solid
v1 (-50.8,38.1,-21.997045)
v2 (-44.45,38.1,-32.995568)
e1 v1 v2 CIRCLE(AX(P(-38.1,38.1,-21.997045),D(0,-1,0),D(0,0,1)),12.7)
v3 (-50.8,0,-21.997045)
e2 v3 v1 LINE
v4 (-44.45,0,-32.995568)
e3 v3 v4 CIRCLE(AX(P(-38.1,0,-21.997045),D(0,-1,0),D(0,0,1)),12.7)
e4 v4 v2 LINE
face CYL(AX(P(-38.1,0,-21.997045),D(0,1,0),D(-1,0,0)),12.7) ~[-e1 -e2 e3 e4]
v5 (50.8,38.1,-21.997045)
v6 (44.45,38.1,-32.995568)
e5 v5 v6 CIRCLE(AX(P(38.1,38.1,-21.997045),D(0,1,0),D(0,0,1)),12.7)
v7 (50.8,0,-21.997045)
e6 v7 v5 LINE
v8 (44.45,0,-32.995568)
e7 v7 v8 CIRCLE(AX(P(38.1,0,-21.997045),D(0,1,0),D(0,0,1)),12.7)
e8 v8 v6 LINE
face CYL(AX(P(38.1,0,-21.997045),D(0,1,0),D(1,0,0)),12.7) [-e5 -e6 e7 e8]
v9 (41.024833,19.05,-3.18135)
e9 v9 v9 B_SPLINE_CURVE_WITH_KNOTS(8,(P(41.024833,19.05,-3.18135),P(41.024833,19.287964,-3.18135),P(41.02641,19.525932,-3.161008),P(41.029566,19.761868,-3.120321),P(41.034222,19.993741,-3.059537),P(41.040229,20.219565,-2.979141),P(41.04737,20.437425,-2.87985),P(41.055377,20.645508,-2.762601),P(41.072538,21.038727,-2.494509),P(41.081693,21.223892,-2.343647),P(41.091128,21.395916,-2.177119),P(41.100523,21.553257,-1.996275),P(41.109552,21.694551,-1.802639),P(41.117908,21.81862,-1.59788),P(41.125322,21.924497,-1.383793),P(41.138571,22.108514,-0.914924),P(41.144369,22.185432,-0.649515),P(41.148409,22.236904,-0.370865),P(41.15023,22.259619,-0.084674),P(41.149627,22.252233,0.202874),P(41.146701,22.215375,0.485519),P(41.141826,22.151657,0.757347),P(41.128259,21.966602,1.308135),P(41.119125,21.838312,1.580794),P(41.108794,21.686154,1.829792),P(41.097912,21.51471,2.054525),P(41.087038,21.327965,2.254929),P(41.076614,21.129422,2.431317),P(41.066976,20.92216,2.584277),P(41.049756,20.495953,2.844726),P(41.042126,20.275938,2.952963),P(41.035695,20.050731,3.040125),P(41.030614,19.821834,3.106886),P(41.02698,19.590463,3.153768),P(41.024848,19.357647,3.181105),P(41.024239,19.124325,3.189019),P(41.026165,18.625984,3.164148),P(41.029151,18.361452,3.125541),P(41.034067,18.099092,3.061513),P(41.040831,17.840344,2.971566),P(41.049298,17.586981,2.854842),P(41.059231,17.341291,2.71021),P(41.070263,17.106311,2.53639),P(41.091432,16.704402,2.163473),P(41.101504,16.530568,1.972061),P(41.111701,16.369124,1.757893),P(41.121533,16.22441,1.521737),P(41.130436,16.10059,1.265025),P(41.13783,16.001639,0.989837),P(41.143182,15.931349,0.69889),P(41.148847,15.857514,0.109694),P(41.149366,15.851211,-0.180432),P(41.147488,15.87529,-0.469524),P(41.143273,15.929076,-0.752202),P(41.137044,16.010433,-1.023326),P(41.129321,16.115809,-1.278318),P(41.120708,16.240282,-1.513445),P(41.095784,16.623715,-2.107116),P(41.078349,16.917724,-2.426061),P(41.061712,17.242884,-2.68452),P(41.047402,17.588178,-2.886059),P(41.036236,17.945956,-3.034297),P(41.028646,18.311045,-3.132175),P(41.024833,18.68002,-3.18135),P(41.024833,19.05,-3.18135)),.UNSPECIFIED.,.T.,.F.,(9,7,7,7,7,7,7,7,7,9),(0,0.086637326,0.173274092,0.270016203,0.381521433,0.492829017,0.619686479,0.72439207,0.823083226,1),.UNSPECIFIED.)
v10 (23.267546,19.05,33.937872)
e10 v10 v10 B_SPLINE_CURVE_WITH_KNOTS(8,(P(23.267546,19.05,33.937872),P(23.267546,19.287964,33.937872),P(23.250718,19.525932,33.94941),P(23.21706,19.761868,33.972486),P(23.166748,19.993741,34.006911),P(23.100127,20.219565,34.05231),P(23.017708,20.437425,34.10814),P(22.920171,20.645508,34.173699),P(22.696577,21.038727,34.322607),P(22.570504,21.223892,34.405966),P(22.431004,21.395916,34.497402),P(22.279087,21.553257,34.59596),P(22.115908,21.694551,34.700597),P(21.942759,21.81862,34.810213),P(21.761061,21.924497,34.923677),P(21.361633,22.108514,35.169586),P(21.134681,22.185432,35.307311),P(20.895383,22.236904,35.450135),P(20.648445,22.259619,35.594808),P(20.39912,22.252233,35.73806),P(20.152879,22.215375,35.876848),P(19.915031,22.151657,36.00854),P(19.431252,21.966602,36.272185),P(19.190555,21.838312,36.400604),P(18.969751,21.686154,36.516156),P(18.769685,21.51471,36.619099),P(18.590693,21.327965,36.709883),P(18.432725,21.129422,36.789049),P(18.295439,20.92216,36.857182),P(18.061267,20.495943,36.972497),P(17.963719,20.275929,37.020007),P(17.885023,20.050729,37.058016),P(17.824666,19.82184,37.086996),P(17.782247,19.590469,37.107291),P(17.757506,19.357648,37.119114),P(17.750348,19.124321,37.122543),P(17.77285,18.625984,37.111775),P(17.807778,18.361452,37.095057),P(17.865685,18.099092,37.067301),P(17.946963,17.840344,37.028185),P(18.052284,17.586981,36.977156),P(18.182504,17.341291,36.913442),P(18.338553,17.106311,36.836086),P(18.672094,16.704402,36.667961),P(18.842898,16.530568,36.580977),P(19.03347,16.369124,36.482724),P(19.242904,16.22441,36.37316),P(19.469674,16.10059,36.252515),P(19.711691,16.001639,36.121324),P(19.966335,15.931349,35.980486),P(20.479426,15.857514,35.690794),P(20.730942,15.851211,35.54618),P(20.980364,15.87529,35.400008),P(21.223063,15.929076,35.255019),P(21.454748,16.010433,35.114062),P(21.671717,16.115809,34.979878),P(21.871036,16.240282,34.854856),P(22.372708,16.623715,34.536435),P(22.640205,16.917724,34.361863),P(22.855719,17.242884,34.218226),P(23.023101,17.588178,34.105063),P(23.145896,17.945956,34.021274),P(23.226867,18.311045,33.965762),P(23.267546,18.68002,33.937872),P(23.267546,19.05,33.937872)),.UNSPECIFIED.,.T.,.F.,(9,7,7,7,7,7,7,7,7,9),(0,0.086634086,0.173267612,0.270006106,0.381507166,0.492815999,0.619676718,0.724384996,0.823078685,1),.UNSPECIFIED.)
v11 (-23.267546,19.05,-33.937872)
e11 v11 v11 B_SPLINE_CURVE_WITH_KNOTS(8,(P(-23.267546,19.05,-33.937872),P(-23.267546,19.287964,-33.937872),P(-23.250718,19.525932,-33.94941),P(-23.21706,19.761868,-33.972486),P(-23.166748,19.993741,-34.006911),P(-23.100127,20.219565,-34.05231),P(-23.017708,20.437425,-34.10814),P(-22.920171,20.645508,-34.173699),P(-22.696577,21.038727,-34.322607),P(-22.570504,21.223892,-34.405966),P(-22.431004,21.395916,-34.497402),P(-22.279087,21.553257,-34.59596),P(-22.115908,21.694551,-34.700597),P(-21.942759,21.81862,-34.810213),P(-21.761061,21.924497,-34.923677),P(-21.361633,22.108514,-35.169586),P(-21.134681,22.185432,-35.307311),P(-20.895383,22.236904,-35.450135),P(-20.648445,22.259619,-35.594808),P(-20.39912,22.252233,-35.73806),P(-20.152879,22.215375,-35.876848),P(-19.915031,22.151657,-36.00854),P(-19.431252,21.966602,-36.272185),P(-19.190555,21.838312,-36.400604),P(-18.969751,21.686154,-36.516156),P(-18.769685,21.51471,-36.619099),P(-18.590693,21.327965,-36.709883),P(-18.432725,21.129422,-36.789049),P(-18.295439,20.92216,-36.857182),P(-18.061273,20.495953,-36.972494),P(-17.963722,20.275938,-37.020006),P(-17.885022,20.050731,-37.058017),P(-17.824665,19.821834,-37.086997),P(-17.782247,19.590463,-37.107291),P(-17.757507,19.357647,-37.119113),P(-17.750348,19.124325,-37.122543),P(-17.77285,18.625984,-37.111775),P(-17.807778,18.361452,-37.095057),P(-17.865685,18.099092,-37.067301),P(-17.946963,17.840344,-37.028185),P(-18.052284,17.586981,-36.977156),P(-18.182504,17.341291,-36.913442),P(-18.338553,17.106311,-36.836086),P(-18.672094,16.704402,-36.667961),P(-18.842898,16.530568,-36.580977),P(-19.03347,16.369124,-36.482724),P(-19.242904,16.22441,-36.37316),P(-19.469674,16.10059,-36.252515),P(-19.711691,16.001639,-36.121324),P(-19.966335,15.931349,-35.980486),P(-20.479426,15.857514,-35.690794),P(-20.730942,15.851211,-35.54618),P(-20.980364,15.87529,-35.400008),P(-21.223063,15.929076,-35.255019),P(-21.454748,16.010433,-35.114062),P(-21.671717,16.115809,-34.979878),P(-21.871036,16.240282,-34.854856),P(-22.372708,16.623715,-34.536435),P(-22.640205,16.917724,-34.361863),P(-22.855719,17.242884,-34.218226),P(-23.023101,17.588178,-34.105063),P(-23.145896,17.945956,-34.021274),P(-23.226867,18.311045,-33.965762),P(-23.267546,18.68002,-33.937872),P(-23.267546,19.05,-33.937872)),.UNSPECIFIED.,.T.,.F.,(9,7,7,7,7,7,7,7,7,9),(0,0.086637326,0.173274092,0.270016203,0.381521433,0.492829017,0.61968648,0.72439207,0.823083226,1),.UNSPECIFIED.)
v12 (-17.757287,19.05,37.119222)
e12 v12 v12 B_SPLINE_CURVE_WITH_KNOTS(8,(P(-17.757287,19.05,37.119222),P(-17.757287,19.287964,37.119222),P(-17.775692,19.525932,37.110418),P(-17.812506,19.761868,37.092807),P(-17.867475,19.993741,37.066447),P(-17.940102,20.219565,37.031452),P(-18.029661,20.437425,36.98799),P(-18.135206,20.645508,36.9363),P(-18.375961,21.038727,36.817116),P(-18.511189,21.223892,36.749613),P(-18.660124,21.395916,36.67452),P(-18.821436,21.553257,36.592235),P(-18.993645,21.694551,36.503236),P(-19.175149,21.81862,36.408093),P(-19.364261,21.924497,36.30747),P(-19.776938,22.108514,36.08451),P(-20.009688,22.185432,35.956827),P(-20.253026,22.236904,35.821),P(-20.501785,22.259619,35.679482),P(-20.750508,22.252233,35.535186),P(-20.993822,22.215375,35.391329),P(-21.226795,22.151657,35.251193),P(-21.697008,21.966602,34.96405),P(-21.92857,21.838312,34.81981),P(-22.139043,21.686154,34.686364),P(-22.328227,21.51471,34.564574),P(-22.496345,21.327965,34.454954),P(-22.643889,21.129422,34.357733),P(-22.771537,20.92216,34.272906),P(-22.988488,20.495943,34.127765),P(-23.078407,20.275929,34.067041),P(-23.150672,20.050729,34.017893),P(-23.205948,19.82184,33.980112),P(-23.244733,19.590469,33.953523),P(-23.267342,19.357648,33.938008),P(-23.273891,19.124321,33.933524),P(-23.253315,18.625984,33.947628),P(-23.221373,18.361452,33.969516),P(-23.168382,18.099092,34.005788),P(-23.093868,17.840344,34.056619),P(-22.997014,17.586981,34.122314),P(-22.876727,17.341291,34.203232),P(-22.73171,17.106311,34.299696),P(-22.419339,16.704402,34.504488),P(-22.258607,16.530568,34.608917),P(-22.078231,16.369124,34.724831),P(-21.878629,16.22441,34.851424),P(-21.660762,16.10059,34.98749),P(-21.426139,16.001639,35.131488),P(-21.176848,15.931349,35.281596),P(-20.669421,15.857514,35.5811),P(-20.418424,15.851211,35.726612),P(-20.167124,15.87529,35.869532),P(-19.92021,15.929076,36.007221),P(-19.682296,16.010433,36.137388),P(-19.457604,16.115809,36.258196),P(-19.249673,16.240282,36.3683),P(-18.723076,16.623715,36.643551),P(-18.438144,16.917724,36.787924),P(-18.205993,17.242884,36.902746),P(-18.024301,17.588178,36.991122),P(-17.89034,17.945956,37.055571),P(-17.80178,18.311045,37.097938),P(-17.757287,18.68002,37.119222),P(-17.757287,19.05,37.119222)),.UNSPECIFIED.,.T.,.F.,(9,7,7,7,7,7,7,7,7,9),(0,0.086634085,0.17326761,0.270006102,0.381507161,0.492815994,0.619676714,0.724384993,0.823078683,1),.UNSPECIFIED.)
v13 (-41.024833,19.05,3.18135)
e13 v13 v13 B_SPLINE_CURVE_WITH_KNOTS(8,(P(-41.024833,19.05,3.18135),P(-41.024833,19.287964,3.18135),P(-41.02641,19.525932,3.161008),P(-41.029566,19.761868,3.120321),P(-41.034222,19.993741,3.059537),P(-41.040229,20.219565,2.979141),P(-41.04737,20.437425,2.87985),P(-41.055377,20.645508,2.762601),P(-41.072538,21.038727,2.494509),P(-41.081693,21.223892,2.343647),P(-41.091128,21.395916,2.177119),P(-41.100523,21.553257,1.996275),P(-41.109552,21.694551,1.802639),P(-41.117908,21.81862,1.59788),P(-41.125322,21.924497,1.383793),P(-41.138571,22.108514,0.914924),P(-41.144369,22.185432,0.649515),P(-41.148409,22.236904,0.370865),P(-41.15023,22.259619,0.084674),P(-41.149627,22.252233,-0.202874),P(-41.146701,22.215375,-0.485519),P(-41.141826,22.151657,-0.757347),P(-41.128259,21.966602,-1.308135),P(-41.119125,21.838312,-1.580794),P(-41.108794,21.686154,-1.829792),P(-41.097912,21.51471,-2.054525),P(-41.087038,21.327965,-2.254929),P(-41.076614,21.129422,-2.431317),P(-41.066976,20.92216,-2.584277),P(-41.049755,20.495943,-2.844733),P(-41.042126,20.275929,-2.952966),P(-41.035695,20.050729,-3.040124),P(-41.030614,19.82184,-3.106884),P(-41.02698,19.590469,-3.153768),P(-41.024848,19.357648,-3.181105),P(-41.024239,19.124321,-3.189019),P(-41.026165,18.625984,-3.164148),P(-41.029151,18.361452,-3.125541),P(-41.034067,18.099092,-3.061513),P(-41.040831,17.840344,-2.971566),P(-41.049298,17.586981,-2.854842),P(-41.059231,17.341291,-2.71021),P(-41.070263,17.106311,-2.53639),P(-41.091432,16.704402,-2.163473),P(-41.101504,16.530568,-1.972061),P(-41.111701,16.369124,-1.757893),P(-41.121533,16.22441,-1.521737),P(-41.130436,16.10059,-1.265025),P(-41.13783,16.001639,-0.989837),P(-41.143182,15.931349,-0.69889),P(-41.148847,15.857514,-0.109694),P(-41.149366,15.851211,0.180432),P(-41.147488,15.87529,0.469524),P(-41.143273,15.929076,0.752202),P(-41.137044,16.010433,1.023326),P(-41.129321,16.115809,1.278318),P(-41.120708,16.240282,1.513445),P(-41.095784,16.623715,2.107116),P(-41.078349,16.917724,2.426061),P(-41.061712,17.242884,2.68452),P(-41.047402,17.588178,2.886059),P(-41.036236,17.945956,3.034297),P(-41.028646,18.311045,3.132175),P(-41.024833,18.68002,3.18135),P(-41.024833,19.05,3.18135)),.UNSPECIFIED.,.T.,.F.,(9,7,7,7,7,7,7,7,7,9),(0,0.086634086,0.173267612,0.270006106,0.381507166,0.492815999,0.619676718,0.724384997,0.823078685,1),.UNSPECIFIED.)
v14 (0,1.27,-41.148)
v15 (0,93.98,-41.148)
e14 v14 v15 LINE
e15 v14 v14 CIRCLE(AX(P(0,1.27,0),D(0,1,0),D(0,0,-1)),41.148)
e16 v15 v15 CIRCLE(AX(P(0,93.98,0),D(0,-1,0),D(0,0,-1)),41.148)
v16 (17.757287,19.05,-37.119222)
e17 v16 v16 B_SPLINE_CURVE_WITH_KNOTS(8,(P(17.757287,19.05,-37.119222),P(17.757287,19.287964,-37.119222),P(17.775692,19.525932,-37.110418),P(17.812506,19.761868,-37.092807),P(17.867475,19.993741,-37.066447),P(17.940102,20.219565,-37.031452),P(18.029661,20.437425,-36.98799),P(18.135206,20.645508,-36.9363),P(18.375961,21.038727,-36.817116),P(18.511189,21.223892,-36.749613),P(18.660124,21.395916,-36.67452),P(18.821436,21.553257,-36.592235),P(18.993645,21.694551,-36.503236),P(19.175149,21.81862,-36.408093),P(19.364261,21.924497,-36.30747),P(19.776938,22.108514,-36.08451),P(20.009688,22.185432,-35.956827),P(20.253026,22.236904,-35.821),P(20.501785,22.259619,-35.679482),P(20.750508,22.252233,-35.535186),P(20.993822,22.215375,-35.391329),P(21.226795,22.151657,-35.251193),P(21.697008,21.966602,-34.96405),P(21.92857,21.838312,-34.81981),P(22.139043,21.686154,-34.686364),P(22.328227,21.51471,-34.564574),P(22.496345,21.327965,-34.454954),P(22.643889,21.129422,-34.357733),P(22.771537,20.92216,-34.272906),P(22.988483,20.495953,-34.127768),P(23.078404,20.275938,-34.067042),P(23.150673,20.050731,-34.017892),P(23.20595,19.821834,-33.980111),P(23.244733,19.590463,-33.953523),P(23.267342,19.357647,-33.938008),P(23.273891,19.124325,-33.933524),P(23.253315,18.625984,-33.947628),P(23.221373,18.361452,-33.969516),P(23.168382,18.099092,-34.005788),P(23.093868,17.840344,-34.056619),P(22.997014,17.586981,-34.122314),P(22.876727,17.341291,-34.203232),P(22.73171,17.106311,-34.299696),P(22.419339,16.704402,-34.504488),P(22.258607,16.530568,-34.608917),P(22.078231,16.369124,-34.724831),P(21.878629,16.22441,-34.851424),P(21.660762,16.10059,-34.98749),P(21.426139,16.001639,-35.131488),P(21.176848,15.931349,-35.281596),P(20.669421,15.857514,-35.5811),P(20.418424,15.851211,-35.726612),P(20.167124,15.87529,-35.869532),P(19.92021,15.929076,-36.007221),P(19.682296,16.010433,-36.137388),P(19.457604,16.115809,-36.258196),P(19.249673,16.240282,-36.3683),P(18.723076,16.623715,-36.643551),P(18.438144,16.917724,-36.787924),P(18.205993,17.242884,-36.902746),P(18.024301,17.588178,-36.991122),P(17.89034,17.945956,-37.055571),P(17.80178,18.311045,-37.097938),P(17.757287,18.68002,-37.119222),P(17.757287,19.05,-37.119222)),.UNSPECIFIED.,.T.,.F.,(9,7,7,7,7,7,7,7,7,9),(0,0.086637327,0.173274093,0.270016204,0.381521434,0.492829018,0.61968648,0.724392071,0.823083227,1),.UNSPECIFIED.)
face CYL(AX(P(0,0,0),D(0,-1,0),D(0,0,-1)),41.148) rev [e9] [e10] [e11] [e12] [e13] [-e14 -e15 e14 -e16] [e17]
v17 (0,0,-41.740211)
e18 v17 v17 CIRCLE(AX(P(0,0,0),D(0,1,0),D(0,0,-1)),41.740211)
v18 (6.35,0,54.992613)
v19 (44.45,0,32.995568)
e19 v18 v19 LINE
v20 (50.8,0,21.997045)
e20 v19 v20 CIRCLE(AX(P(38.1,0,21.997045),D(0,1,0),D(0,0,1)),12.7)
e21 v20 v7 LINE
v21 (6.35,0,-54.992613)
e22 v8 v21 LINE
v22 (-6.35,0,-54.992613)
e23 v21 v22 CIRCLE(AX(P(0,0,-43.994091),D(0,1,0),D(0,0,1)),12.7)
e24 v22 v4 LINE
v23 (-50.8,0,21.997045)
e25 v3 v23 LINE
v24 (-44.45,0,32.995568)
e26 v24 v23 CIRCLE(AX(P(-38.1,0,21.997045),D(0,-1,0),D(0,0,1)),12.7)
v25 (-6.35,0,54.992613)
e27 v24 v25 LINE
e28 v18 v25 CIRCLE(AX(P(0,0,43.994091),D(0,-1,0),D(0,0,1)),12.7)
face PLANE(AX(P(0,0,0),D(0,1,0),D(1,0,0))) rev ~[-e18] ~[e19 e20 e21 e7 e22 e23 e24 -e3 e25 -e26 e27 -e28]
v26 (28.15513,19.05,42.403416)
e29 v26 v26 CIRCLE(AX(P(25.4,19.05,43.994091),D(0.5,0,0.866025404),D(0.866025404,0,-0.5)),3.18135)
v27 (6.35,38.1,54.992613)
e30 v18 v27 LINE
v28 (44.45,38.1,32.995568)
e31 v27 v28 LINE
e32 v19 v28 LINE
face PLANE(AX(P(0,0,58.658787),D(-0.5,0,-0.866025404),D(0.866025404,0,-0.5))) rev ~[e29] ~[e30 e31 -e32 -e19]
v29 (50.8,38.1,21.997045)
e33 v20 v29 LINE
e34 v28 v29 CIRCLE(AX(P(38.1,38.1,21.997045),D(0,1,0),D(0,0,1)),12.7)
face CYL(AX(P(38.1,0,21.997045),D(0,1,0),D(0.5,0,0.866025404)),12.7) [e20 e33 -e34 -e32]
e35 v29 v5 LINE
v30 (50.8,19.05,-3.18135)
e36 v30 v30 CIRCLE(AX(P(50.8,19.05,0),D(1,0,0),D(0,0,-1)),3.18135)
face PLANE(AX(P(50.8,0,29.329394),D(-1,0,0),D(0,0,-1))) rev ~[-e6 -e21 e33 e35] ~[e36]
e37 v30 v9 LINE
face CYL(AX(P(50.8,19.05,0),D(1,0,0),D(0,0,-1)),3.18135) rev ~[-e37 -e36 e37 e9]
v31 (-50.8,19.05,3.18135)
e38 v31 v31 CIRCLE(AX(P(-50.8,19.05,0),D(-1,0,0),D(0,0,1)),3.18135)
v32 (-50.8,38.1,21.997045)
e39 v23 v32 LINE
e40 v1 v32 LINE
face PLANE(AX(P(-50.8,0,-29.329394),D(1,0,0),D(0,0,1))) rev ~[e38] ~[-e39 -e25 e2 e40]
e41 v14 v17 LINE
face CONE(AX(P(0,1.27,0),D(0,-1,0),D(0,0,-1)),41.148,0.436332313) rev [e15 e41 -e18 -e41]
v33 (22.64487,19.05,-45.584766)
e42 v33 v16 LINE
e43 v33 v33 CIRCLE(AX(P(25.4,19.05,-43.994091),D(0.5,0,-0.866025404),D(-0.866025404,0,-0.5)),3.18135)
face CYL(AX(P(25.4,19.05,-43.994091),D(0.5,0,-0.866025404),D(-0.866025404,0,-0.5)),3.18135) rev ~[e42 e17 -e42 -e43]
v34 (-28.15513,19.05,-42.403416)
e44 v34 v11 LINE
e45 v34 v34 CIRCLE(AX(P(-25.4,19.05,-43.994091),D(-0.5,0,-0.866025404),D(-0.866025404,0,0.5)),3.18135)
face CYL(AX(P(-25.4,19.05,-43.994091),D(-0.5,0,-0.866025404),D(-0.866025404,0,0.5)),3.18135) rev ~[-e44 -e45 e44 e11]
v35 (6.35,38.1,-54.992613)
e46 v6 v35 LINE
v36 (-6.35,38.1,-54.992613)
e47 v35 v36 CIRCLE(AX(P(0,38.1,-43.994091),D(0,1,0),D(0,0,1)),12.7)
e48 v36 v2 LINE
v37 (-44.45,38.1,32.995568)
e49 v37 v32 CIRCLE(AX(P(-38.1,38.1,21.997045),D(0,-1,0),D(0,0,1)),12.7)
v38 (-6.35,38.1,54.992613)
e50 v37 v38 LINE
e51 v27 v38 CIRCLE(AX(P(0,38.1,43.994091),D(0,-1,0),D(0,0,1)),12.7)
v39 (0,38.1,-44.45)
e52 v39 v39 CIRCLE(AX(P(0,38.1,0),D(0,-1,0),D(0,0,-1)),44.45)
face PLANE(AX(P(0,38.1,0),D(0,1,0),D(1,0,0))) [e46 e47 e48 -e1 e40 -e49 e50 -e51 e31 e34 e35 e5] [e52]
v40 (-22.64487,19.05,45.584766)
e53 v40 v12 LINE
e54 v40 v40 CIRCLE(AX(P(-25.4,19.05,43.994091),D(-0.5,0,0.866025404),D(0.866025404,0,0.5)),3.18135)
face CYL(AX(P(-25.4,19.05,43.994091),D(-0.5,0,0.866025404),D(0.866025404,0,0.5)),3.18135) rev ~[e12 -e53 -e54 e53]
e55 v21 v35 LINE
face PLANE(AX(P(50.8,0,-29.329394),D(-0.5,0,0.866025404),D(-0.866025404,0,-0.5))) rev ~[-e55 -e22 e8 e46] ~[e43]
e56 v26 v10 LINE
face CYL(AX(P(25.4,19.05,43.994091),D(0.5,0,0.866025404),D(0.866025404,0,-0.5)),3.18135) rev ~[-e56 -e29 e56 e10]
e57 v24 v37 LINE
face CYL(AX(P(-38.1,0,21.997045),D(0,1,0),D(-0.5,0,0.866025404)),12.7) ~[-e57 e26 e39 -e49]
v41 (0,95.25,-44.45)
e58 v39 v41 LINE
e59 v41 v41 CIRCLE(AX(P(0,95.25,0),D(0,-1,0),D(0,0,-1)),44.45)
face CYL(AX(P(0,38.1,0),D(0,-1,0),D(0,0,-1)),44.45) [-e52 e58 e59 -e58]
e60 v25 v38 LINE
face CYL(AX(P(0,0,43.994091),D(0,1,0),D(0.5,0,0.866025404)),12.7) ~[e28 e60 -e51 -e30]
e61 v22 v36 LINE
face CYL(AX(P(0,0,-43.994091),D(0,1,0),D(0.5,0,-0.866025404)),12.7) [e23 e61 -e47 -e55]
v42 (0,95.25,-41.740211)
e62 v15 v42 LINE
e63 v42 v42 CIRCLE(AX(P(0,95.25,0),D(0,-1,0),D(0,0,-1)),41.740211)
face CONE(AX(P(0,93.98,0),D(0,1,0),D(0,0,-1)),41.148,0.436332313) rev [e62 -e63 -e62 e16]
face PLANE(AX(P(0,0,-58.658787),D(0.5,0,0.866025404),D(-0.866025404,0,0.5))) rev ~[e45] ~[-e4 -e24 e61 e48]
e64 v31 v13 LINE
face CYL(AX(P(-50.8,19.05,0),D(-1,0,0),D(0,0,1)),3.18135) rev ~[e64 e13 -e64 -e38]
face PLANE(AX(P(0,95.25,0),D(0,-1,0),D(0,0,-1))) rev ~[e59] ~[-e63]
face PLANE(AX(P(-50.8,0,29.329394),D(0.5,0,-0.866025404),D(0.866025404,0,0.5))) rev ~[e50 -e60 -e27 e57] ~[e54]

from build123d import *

# Parameters (mm, degrees)
SKETCH1_R           = 41.148
BOSS_EXTRUDE1_DEPTH = 38.1
SKETCH2_R           = 3.18135
CUT_EXTRUDE1_DEPTH  = 29.464
CIRPATTERN1_COUNT   = 6
SKETCH3_R           = 44.45
SKETCH3_R_2         = 41.148
BOSS_EXTRUDE2_DEPTH = 57.15
FILLET1_R           = 12.7
CHAMFER1_SIZE       = 1.27
CHAMFER1_SIZE2      = 0.592210726


with BuildPart() as part:
    # Sketch1 → Boss-Extrude1 (new body)
    with BuildSketch(Plane(origin=(0, 0, 0), x_dir=(1, 0, 0), z_dir=(0, 1, 0))):
        Polygon((0, -58.65878735), (50.8, -29.329393675), (50.8, 29.329393675), (0, 58.65878735), (-50.8, 29.329393675), (-50.8, -29.329393675), align=None)
        with Locations(Location((0, 0, 0), (0, 0, 90))):
            Circle(SKETCH1_R, mode=Mode.SUBTRACT)
    extrude(amount=BOSS_EXTRUDE1_DEPTH)

    # Sketch2 → Cut-Extrude1 (cut)
    with BuildSketch(Plane.ZY.offset(50.8)):
        with Locations((0, 19.05)):
            Circle(SKETCH2_R)
    cut_extrude1 = extrude(amount=-CUT_EXTRUDE1_DEPTH, mode=Mode.SUBTRACT)

    # CirPattern1: Cut-Extrude1 ×6 about axis
    cirpattern1_axis = Axis((0, 38.1, 0), (0, 1, 0))
    for i in range(1, CIRPATTERN1_COUNT):
        add(cut_extrude1.rotate(cirpattern1_axis, i * 360 / CIRPATTERN1_COUNT), mode=Mode.SUBTRACT)

    # Sketch3 → Boss-Extrude2 (add)
    with BuildSketch(Plane(origin=(-50.8, 38.1, -29.329393675), x_dir=(1, 0, 0), z_dir=(0, -1, 0))):
        with Locations(Location((50.8, 29.329393675, 0), (0, 0, 270))):
            Circle(SKETCH3_R)
        with Locations(Location((50.8, 29.329393675, 0), (0, 0, 270))):
            Circle(SKETCH3_R_2, mode=Mode.SUBTRACT)
    extrude(amount=-BOSS_EXTRUDE2_DEPTH)

    # Fillet1
    fillet1_edges = [part.edges().sort_by_distance(p)[0] for p in [
        (-50.8, 19.05, 29.329393675),
        (-50.8, 19.05, -29.329393675),
        (0, 19.05, -58.65878735),
        (50.8, 19.05, -29.329393675),
        (50.8, 19.05, 29.329393675),
        (0, 19.05, 58.65878735),
    ]]
    fillet(fillet1_edges, radius=FILLET1_R)

    # Chamfer1
    chamfer1_edges = [part.edges().sort_by_distance(p)[0] for p in [
        (0, 0, 41.148),
        (0, 95.25, 41.148),
    ]]
    chamfer1_side = [part.faces().sort_by_distance(p)[0] for p in [
        (0, 47.625, 41.148),
    ]]
    chamfer(chamfer1_edges, length=CHAMFER1_SIZE, length2=CHAMFER1_SIZE2, reference=chamfer1_side[0])


solid = part.part
